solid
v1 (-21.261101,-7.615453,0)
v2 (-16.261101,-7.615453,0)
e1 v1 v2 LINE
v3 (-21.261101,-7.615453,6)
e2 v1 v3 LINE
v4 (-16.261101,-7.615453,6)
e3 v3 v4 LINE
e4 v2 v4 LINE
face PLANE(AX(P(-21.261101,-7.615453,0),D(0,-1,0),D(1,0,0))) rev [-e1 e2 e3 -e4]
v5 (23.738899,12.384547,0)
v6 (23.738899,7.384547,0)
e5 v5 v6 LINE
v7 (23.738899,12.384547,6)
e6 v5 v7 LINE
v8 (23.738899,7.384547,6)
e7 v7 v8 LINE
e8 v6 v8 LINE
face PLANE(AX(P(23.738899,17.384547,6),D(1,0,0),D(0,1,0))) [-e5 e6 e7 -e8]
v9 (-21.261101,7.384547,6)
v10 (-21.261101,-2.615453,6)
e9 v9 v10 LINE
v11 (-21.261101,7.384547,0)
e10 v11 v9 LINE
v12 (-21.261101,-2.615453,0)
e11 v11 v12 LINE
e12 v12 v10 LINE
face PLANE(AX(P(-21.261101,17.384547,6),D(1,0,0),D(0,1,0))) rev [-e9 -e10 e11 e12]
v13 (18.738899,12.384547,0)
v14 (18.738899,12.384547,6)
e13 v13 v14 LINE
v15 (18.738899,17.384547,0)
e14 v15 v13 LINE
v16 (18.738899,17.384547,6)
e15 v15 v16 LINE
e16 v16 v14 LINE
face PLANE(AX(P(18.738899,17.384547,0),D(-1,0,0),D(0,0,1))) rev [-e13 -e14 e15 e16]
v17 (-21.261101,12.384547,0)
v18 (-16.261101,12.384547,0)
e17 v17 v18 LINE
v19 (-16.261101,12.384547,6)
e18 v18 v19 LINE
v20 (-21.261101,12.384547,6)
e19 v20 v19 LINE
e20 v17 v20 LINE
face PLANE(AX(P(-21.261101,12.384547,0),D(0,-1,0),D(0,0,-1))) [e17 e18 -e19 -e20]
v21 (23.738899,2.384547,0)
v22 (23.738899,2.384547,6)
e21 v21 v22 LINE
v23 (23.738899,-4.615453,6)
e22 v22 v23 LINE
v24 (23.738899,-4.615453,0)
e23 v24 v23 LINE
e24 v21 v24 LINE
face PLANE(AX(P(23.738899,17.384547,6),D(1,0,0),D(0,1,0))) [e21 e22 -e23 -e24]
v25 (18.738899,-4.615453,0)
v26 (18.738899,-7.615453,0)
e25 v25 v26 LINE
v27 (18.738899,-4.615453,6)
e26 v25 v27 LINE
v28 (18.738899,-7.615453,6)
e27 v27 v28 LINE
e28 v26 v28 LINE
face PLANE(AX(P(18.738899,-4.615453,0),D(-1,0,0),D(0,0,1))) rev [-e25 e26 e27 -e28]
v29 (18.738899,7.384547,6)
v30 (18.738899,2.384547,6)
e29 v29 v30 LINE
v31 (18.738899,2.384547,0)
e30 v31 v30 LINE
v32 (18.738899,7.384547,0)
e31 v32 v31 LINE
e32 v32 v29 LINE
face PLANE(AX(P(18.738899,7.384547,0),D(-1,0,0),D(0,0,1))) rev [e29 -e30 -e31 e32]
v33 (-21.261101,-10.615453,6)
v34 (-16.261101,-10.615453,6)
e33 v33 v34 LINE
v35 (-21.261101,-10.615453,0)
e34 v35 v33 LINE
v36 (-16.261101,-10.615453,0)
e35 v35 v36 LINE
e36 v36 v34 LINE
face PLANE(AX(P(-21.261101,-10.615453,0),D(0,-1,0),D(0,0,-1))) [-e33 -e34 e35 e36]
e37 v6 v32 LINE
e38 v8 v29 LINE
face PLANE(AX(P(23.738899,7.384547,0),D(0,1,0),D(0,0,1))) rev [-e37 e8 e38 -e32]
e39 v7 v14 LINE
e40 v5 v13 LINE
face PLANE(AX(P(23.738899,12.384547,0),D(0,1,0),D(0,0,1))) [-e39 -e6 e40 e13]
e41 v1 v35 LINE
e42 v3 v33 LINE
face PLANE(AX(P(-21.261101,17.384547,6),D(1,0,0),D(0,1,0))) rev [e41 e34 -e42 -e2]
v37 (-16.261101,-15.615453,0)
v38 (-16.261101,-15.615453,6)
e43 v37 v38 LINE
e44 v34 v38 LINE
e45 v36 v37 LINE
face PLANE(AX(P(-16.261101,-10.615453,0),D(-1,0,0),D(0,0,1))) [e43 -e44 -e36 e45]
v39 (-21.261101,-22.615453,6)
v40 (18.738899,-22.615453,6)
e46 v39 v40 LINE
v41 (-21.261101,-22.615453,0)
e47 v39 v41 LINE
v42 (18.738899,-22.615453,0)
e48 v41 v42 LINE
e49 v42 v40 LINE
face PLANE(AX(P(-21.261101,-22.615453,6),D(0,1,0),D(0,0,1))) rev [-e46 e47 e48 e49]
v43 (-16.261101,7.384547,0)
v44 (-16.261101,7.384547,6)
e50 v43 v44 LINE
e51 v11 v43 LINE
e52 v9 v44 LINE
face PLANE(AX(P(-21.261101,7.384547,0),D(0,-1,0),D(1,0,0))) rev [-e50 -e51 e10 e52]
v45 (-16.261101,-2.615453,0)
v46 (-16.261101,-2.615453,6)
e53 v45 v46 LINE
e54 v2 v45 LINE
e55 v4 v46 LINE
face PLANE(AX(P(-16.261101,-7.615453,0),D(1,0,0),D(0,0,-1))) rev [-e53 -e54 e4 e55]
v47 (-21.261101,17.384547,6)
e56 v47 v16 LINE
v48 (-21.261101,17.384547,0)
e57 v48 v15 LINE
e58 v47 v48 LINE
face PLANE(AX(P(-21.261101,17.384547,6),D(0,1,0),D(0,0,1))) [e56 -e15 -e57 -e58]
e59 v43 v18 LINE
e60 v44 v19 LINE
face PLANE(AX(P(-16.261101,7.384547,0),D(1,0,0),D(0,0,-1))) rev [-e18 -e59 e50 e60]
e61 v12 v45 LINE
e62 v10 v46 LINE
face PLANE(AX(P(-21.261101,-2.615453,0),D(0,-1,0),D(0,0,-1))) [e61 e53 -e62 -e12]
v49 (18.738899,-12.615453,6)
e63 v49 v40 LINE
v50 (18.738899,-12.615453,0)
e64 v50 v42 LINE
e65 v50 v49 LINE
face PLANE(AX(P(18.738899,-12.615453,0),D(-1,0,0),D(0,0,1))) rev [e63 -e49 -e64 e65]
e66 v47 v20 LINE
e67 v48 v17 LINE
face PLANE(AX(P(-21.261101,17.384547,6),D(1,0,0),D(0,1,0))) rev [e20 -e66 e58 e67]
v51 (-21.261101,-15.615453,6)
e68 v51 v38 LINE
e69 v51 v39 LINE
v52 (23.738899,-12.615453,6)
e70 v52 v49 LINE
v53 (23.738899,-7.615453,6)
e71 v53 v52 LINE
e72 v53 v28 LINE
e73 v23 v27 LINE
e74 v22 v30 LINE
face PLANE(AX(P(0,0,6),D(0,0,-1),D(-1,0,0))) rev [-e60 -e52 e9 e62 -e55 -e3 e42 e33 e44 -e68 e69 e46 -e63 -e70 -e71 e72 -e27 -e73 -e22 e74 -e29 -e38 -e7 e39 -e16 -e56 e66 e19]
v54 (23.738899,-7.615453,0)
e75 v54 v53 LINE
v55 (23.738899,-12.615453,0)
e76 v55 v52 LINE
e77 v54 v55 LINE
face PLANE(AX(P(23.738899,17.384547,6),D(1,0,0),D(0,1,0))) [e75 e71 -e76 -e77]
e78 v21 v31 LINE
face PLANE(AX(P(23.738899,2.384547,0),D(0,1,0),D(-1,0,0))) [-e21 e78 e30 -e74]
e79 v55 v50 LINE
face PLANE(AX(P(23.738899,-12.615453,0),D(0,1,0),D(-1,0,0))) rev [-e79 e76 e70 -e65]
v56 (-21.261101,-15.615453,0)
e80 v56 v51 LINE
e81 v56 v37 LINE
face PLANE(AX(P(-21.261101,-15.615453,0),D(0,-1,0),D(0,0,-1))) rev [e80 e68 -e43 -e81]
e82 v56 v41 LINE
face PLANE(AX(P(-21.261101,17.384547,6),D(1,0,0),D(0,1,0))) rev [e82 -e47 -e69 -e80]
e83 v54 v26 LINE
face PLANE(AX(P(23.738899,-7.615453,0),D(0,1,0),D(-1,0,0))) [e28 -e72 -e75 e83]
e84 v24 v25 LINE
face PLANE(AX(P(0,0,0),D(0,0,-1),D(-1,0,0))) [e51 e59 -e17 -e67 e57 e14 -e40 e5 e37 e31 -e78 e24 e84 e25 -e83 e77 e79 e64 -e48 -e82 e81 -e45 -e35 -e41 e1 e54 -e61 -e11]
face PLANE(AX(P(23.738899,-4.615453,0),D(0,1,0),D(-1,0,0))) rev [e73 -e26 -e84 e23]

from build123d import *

# Parameters (mm, degrees)
SKETCH1_W           = 45
SKETCH1_H           = 40
BOSS_EXTRUDE1_DEPTH = 6
SKETCH2_W           = 5
SKETCH2_H           = 5
SKETCH2_H_2         = 7
CUT_EXTRUDE1_DEPTH  = 6
SKETCH3_W           = 5
SKETCH3_H           = 5
SKETCH3_H_2         = 3
SKETCH3_H_3         = 10
CUT_EXTRUDE2_DEPTH  = 6
SKETCH4_W           = 5
SKETCH4_H           = 25
BOSS_EXTRUDE3_DEPTH = 6
SKETCH8_W           = 5
SKETCH8_H           = 5
CUT_EXTRUDE5_DEPTH  = 6
SKETCH9_W           = 5
SKETCH9_H           = 40
BOSS_EXTRUDE4_DEPTH = 6
SKETCH10_W          = 5
SKETCH10_H          = 5
SKETCH10_H_2        = 3
SKETCH10_H_3        = 10
CUT_EXTRUDE7_DEPTH  = 6


with BuildPart() as part:
    # Sketch1 → Boss-Extrude1 (new body)
    with BuildSketch(Plane.XY):
        with Locations((1.238898757, -2.615452931)):
            Rectangle(SKETCH1_W, SKETCH1_H)
    extrude(amount=BOSS_EXTRUDE1_DEPTH)

    # Sketch2 → Cut-Extrude1 (cut)
    with BuildSketch(Plane.XY.offset(6)):
        with Locations((-18.761101243, 4.884547069)):
            Rectangle(SKETCH2_W, SKETCH2_H)
        with Locations((-18.761101243, -4.115452931)):
            Rectangle(SKETCH2_W, SKETCH2_H_2)
        with Locations((-18.761101243, -15.115452931)):
            Rectangle(SKETCH2_W, SKETCH2_H)
    extrude(amount=-CUT_EXTRUDE1_DEPTH, mode=Mode.SUBTRACT)

    # Sketch3 → Cut-Extrude2 (cut)
    with BuildSketch(Plane.XY.offset(6)):
        with Locations((21.238898757, -20.115452931)):
            Rectangle(SKETCH3_W, SKETCH3_H)
        with Locations((21.238898757, -9.115452931)):
            Rectangle(SKETCH3_W, SKETCH3_H_2)
        with Locations((21.238898757, 14.884547069)):
            Rectangle(SKETCH3_W, SKETCH3_H)
        with Locations((21.238898757, 2.384547069)):
            Rectangle(SKETCH3_W, SKETCH3_H_3)
    extrude(amount=-CUT_EXTRUDE2_DEPTH, mode=Mode.SUBTRACT)

    # Sketch4 → Boss-Extrude3 (add)
    with BuildSketch(Plane.XY.offset(6)):
        with Locations((-18.761101243, -5.115452931)):
            Rectangle(SKETCH4_W, SKETCH4_H)
    extrude(amount=-BOSS_EXTRUDE3_DEPTH)

    # Sketch8 → Cut-Extrude5 (cut)
    with BuildSketch(Plane.XY.offset(6)):
        with Locations((-18.761101243, -5.115452931)):
            Rectangle(SKETCH8_W, SKETCH8_H)
        with Locations((-18.761101243, -13.115452931)):
            Rectangle(SKETCH8_W, SKETCH8_H)
        with Locations((-18.761101243, 9.884547069)):
            Rectangle(SKETCH8_W, SKETCH8_H)
    extrude(amount=-CUT_EXTRUDE5_DEPTH, mode=Mode.SUBTRACT)

    # Sketch9 → Boss-Extrude4 (add)
    with BuildSketch(Plane.XY.offset(6)):
        with Locations((21.238898757, -2.615452931)):
            Rectangle(SKETCH9_W, SKETCH9_H)
    extrude(amount=-BOSS_EXTRUDE4_DEPTH)

    # Sketch10 → Cut-Extrude7 (cut)
    with BuildSketch(Plane.XY.offset(6)):
        with Locations((21.238898757, 14.884547069)):
            Rectangle(SKETCH10_W, SKETCH10_H)
        with Locations((21.238898757, 4.884547069)):
            Rectangle(SKETCH10_W, SKETCH10_H)
        with Locations((21.238898757, -6.115452931)):
            Rectangle(SKETCH10_W, SKETCH10_H_2)
        with Locations((21.238898757, -17.615452931)):
            Rectangle(SKETCH10_W, SKETCH10_H_3)
    extrude(amount=-CUT_EXTRUDE7_DEPTH, mode=Mode.SUBTRACT)


solid = part.part
